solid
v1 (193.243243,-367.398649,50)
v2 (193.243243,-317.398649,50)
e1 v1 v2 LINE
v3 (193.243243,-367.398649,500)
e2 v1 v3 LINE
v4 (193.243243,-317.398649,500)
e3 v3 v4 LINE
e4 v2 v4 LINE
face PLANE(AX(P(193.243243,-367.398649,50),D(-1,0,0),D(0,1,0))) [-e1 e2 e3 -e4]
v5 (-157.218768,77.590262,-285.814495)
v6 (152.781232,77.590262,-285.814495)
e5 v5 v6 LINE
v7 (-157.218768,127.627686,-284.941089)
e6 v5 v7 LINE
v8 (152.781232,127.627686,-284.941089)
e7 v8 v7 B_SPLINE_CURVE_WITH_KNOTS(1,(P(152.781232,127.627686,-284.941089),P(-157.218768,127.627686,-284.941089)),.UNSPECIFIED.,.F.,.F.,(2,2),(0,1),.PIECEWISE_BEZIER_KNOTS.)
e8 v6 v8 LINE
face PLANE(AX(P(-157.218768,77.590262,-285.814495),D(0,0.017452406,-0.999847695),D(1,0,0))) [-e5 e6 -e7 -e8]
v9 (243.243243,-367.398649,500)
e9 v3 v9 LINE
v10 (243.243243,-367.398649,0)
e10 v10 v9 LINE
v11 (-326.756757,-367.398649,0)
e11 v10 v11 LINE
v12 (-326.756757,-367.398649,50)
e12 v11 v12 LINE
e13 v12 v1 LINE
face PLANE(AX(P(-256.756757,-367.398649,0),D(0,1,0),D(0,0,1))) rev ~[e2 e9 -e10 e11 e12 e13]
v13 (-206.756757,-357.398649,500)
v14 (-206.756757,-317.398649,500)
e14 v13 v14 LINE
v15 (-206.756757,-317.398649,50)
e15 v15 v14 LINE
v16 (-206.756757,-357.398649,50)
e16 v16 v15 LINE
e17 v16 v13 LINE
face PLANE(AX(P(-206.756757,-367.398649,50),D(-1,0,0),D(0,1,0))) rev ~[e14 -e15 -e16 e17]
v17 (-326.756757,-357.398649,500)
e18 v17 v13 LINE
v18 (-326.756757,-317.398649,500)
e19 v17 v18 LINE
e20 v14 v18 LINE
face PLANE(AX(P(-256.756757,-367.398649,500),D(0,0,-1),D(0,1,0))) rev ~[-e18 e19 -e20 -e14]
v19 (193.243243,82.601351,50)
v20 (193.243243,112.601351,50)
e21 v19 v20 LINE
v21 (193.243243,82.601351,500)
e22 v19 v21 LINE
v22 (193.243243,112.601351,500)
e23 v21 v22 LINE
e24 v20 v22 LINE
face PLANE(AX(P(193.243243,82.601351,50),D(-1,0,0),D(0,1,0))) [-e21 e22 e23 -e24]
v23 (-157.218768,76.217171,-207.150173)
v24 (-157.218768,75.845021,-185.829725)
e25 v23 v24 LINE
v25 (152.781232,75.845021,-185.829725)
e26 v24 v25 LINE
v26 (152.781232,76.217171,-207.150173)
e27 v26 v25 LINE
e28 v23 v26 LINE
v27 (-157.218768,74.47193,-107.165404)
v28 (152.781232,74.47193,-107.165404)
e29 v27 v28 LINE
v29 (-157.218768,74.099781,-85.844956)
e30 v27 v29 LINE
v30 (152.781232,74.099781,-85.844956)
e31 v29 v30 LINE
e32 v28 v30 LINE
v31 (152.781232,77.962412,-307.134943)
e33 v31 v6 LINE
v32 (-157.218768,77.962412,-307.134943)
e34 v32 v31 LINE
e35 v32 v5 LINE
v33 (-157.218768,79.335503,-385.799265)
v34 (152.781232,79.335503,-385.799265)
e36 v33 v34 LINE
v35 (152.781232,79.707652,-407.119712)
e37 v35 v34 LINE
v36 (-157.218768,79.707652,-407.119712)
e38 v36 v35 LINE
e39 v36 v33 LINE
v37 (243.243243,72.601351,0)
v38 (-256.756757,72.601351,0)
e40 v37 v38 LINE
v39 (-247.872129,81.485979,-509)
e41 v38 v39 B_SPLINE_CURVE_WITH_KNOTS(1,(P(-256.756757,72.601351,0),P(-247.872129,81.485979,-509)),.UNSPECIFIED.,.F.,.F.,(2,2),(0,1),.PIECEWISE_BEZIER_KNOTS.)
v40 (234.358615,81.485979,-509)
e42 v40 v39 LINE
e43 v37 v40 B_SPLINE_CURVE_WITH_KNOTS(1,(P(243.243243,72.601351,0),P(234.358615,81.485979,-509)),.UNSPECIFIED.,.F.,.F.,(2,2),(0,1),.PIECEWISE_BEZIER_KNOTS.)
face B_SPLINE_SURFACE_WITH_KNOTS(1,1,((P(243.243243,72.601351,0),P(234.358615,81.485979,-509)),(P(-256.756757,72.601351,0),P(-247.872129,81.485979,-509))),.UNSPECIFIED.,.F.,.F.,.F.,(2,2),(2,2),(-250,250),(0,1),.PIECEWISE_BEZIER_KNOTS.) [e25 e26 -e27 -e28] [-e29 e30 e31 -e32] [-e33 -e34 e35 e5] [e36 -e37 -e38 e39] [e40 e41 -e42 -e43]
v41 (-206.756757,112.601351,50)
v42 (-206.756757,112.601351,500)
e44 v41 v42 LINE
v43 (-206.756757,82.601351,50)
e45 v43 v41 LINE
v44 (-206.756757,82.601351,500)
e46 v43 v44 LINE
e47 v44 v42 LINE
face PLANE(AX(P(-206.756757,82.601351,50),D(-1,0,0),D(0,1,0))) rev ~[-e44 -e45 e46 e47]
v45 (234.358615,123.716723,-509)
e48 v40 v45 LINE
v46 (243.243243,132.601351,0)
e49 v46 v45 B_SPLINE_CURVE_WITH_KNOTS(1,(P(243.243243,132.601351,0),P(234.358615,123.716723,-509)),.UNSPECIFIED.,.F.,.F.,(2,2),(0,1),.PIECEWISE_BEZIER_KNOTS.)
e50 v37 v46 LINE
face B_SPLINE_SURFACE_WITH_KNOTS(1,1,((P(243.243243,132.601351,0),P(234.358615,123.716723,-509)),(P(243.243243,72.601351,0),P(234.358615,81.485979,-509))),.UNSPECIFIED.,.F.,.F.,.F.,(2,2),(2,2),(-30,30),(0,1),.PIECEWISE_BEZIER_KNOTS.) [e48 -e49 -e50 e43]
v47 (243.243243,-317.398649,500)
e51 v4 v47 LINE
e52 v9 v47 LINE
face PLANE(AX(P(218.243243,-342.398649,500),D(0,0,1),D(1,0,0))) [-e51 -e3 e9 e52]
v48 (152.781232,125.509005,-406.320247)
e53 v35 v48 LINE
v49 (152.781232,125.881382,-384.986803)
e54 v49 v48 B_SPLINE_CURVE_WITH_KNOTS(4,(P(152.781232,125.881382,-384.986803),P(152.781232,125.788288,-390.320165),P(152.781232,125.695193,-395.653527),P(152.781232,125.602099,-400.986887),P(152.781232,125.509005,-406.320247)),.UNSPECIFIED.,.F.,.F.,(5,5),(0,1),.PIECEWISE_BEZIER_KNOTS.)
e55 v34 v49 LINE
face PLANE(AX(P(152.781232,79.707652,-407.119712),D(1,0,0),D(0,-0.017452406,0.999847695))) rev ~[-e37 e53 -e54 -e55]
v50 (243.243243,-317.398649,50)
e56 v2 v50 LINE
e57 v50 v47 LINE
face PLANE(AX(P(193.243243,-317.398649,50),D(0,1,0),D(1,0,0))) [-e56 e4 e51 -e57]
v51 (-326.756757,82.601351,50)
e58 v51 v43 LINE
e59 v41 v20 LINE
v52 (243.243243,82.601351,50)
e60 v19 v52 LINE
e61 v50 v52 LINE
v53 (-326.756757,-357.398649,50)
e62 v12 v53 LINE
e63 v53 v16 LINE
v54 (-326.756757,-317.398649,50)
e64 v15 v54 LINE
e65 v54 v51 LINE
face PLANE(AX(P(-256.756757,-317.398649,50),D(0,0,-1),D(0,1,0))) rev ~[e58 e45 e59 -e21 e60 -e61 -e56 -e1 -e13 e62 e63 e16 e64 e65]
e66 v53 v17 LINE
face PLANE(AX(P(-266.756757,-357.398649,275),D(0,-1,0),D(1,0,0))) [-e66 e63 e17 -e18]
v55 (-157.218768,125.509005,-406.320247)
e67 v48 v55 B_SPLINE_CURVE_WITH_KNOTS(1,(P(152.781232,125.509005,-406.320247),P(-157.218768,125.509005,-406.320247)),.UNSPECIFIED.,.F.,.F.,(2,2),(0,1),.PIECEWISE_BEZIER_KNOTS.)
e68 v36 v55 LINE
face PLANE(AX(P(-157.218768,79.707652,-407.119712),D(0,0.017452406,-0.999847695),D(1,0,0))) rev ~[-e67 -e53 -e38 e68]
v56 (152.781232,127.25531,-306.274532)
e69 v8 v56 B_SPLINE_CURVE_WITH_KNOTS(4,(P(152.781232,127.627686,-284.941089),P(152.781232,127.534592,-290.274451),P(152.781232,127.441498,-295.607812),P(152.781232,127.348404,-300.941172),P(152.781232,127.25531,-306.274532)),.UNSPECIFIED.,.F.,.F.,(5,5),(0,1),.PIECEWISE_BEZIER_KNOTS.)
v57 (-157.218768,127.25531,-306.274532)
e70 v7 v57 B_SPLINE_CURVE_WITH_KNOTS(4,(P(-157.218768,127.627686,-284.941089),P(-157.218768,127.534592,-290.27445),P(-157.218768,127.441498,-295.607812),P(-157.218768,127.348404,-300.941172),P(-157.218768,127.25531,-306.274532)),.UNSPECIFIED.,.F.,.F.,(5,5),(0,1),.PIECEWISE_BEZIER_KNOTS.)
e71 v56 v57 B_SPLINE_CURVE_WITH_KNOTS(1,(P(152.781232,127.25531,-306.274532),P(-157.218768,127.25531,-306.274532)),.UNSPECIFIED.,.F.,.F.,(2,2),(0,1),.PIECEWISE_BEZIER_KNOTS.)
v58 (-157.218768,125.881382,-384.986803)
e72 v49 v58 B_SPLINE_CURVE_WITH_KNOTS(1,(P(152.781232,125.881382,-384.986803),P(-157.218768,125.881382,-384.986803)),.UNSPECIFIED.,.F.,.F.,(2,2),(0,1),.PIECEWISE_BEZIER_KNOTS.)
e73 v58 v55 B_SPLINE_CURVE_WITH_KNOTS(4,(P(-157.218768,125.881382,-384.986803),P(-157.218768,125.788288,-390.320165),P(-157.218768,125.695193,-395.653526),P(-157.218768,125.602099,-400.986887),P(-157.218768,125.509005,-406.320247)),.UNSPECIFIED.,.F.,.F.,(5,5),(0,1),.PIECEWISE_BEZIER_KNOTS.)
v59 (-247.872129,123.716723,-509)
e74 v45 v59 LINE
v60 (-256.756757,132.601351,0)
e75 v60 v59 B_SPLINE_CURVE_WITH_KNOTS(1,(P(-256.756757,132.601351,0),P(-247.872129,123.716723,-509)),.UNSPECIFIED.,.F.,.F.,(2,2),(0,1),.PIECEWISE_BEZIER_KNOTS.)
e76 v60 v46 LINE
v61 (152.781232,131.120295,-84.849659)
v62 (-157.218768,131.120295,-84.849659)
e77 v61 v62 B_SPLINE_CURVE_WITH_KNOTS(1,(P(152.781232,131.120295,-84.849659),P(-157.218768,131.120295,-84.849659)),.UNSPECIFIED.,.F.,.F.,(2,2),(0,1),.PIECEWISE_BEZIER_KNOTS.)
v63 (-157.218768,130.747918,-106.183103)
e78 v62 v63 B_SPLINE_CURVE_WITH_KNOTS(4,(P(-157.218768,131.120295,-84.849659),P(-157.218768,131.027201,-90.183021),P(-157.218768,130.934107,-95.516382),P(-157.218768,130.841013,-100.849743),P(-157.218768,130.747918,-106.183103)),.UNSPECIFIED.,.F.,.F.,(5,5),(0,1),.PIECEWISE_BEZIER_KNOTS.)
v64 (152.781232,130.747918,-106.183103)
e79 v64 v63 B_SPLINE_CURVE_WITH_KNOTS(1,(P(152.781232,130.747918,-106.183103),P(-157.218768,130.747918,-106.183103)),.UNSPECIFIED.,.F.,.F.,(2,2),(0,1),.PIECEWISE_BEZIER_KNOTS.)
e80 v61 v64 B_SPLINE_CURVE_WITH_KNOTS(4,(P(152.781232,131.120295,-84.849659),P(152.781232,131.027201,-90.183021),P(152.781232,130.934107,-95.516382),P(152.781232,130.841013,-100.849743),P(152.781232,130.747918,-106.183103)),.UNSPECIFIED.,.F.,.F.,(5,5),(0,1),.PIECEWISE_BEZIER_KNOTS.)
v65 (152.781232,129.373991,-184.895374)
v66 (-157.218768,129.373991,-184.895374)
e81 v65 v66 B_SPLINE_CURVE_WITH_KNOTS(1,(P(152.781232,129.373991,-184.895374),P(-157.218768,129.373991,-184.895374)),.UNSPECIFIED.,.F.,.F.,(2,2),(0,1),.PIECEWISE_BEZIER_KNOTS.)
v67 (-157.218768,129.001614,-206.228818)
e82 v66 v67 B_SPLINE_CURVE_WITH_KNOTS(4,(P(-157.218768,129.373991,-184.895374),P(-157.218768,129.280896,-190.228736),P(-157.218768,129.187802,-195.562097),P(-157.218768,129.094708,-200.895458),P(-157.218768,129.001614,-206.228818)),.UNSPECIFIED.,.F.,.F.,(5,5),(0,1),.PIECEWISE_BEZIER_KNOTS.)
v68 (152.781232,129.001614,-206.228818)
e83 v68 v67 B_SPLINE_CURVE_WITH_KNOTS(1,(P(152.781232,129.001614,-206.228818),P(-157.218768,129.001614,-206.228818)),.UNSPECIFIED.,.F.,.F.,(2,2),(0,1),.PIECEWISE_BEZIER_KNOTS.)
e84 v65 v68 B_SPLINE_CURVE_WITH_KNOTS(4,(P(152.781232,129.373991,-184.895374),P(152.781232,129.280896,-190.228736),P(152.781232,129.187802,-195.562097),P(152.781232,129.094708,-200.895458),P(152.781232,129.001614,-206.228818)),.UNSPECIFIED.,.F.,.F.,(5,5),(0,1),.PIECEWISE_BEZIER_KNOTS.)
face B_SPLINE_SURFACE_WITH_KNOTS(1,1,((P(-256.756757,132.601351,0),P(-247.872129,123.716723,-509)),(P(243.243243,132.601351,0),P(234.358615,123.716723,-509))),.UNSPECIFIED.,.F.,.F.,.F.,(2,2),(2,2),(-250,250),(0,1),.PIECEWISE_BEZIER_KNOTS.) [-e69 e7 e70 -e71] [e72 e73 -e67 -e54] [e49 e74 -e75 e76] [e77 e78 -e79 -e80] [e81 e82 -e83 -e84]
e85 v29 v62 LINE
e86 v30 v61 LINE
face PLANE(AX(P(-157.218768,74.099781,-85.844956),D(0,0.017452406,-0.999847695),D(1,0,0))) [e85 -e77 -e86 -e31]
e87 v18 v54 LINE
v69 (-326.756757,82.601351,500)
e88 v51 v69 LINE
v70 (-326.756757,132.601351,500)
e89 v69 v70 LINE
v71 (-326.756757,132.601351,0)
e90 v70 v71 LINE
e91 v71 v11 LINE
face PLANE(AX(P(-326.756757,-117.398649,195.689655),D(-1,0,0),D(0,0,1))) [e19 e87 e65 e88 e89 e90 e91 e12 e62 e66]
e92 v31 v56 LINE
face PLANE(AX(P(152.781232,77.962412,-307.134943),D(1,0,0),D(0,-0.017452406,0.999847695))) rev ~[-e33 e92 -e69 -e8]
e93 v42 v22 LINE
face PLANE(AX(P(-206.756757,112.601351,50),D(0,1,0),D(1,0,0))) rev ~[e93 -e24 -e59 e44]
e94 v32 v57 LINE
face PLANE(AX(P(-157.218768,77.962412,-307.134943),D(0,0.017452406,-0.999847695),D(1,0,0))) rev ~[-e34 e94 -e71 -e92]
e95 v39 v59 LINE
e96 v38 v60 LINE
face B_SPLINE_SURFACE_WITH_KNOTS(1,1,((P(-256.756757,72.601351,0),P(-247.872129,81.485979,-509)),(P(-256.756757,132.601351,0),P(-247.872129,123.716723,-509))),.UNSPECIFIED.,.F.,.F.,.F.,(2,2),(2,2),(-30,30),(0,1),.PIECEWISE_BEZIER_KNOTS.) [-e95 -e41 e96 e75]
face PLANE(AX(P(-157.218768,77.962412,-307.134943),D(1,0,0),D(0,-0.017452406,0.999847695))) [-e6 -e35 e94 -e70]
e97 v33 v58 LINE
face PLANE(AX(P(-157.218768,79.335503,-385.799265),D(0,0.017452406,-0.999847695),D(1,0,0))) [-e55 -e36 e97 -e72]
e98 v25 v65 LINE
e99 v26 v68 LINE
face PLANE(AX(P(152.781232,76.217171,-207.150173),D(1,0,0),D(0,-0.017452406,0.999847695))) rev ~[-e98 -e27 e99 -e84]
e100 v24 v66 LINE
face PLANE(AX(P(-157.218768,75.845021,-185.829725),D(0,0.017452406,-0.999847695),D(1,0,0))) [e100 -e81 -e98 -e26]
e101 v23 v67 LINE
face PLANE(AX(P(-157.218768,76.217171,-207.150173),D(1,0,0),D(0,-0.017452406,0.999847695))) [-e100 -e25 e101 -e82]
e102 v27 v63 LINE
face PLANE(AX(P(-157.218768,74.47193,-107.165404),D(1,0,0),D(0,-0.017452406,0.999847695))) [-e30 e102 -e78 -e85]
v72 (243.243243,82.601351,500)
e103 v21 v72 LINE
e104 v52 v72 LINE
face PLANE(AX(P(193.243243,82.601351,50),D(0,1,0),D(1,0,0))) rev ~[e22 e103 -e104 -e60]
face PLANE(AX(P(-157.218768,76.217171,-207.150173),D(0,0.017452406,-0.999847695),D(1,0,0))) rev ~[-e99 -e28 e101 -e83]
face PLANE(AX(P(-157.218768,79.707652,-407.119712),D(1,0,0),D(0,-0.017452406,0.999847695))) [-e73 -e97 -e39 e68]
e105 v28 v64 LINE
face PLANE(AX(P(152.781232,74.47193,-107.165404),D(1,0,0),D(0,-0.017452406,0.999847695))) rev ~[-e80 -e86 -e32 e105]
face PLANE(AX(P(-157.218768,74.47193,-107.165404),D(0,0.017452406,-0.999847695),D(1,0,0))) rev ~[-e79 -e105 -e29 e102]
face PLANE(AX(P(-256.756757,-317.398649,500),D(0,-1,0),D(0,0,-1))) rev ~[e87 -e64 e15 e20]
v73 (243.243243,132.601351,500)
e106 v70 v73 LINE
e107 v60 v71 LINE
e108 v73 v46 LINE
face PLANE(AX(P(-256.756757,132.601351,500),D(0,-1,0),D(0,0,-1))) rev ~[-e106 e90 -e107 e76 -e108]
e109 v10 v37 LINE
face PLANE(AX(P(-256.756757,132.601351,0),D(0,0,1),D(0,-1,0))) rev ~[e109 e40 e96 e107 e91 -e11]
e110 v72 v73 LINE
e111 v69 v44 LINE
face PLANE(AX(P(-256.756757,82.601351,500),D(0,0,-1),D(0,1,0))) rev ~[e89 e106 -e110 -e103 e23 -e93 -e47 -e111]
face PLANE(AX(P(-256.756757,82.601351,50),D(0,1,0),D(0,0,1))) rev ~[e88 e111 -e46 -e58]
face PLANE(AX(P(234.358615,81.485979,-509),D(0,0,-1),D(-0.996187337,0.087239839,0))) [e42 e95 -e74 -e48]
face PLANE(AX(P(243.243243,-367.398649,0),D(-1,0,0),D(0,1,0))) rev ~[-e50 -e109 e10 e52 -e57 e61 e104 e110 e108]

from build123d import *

# Parameters (mm, degrees)
SKETCH1_W           = 500
SKETCH1_H           = 500
BOSS_EXTRUDE1_DEPTH = 50
SKETCH2_W           = 50
SKETCH2_H           = 50
BOSS_EXTRUDE2_DEPTH = 450
SKETCH3_W           = 400
SKETCH3_H           = 20
BOSS_EXTRUDE3_DEPTH = 450
SKETCH4_W           = 500
SKETCH4_H           = 60
BOSS_EXTRUDE4_DEPTH = 509
BOSS_EXTRUDE4_TAPER = 1
SKETCH5_W           = 310
SKETCH5_H           = 21.323695684
CUT_EXTRUDE1_DEPTH  = 509
BOSS_EXTRUDE5_DEPTH = 70
SKETCH7_W           = 120
SKETCH7_H           = 450
CUT_EXTRUDE2_DEPTH  = 10


with BuildPart() as part:
    # Sketch1 → Boss-Extrude1 (new body)
    with BuildSketch(Plane.XY):
        with Locations((-6.756756757, -117.398648649)):
            Rectangle(SKETCH1_W, SKETCH1_H)
    extrude(amount=BOSS_EXTRUDE1_DEPTH)

    # Sketch2 → Boss-Extrude2 (add)
    with BuildSketch(Plane.XY.offset(50)):
        with Locations((-231.756756757, 107.601351351)):
            Rectangle(SKETCH2_W, SKETCH2_H)
        with Locations((218.243243243, 107.601351351)):
            Rectangle(SKETCH2_W, SKETCH2_H)
        with Locations((218.243243243, -342.398648649)):
            Rectangle(SKETCH2_W, SKETCH2_H)
        with Locations((-231.756756757, -342.398648649)):
            Rectangle(SKETCH2_W, SKETCH2_H)
    extrude(amount=BOSS_EXTRUDE2_DEPTH)

    # Sketch3 → Boss-Extrude3 (add)
    with BuildSketch(Plane.XY.offset(50)):
        with Locations((-6.756756757, 122.601351351)):
            Rectangle(SKETCH3_W, SKETCH3_H)
    extrude(amount=BOSS_EXTRUDE3_DEPTH)

    # Sketch4 → Boss-Extrude4 (add)
    with BuildSketch(Plane(origin=(0, 0, 0), x_dir=(-1, 0, 0), z_dir=(0, 0, -1))):
        with Locations((6.756756757, 102.601351351)):
            Rectangle(SKETCH4_W, SKETCH4_H)
    extrude(amount=BOSS_EXTRUDE4_DEPTH, taper=BOSS_EXTRUDE4_TAPER)

    # Sketch5 → Cut-Extrude1 (cut)
    with BuildSketch(Plane(origin=(0, 72.579237961, 1.266875311), x_dir=(1, 0, 0), z_dir=(0, -0.9998476951563913, -0.01745240643728355))):
        with Locations((-2.218768488, -397.78694869)):
            Rectangle(SKETCH5_W, SKETCH5_H)
        with Locations((-2.218768488, -297.78694869)):
            Rectangle(SKETCH5_W, SKETCH5_H)
        with Locations((-2.218768488, -197.78694869)):
            Rectangle(SKETCH5_W, SKETCH5_H)
        with Locations((-2.218768488, -97.78694869)):
            Rectangle(SKETCH5_W, SKETCH5_H)
    extrude(amount=-CUT_EXTRUDE1_DEPTH, mode=Mode.SUBTRACT)

    # Sketch6 → Boss-Extrude5 (add)
    with BuildSketch(Plane.ZY.offset(256.756756757)):
        Polygon((500, 132.601351351), (0, 132.601351351), (0, -367.398648649), (500, -367.398648649), (500, -317.398648649), (50, -317.398648649), (50, 82.601351351), (500, 82.601351351), align=None)
    extrude(amount=BOSS_EXTRUDE5_DEPTH)

    # Sketch7 → Cut-Extrude2 (cut)
    with BuildSketch(Plane.XZ.offset(367.398648649)):
        with Locations((-266.756756757, 275)):
            Rectangle(SKETCH7_W, SKETCH7_H)
    extrude(amount=-CUT_EXTRUDE2_DEPTH, mode=Mode.SUBTRACT)


solid = part.part
